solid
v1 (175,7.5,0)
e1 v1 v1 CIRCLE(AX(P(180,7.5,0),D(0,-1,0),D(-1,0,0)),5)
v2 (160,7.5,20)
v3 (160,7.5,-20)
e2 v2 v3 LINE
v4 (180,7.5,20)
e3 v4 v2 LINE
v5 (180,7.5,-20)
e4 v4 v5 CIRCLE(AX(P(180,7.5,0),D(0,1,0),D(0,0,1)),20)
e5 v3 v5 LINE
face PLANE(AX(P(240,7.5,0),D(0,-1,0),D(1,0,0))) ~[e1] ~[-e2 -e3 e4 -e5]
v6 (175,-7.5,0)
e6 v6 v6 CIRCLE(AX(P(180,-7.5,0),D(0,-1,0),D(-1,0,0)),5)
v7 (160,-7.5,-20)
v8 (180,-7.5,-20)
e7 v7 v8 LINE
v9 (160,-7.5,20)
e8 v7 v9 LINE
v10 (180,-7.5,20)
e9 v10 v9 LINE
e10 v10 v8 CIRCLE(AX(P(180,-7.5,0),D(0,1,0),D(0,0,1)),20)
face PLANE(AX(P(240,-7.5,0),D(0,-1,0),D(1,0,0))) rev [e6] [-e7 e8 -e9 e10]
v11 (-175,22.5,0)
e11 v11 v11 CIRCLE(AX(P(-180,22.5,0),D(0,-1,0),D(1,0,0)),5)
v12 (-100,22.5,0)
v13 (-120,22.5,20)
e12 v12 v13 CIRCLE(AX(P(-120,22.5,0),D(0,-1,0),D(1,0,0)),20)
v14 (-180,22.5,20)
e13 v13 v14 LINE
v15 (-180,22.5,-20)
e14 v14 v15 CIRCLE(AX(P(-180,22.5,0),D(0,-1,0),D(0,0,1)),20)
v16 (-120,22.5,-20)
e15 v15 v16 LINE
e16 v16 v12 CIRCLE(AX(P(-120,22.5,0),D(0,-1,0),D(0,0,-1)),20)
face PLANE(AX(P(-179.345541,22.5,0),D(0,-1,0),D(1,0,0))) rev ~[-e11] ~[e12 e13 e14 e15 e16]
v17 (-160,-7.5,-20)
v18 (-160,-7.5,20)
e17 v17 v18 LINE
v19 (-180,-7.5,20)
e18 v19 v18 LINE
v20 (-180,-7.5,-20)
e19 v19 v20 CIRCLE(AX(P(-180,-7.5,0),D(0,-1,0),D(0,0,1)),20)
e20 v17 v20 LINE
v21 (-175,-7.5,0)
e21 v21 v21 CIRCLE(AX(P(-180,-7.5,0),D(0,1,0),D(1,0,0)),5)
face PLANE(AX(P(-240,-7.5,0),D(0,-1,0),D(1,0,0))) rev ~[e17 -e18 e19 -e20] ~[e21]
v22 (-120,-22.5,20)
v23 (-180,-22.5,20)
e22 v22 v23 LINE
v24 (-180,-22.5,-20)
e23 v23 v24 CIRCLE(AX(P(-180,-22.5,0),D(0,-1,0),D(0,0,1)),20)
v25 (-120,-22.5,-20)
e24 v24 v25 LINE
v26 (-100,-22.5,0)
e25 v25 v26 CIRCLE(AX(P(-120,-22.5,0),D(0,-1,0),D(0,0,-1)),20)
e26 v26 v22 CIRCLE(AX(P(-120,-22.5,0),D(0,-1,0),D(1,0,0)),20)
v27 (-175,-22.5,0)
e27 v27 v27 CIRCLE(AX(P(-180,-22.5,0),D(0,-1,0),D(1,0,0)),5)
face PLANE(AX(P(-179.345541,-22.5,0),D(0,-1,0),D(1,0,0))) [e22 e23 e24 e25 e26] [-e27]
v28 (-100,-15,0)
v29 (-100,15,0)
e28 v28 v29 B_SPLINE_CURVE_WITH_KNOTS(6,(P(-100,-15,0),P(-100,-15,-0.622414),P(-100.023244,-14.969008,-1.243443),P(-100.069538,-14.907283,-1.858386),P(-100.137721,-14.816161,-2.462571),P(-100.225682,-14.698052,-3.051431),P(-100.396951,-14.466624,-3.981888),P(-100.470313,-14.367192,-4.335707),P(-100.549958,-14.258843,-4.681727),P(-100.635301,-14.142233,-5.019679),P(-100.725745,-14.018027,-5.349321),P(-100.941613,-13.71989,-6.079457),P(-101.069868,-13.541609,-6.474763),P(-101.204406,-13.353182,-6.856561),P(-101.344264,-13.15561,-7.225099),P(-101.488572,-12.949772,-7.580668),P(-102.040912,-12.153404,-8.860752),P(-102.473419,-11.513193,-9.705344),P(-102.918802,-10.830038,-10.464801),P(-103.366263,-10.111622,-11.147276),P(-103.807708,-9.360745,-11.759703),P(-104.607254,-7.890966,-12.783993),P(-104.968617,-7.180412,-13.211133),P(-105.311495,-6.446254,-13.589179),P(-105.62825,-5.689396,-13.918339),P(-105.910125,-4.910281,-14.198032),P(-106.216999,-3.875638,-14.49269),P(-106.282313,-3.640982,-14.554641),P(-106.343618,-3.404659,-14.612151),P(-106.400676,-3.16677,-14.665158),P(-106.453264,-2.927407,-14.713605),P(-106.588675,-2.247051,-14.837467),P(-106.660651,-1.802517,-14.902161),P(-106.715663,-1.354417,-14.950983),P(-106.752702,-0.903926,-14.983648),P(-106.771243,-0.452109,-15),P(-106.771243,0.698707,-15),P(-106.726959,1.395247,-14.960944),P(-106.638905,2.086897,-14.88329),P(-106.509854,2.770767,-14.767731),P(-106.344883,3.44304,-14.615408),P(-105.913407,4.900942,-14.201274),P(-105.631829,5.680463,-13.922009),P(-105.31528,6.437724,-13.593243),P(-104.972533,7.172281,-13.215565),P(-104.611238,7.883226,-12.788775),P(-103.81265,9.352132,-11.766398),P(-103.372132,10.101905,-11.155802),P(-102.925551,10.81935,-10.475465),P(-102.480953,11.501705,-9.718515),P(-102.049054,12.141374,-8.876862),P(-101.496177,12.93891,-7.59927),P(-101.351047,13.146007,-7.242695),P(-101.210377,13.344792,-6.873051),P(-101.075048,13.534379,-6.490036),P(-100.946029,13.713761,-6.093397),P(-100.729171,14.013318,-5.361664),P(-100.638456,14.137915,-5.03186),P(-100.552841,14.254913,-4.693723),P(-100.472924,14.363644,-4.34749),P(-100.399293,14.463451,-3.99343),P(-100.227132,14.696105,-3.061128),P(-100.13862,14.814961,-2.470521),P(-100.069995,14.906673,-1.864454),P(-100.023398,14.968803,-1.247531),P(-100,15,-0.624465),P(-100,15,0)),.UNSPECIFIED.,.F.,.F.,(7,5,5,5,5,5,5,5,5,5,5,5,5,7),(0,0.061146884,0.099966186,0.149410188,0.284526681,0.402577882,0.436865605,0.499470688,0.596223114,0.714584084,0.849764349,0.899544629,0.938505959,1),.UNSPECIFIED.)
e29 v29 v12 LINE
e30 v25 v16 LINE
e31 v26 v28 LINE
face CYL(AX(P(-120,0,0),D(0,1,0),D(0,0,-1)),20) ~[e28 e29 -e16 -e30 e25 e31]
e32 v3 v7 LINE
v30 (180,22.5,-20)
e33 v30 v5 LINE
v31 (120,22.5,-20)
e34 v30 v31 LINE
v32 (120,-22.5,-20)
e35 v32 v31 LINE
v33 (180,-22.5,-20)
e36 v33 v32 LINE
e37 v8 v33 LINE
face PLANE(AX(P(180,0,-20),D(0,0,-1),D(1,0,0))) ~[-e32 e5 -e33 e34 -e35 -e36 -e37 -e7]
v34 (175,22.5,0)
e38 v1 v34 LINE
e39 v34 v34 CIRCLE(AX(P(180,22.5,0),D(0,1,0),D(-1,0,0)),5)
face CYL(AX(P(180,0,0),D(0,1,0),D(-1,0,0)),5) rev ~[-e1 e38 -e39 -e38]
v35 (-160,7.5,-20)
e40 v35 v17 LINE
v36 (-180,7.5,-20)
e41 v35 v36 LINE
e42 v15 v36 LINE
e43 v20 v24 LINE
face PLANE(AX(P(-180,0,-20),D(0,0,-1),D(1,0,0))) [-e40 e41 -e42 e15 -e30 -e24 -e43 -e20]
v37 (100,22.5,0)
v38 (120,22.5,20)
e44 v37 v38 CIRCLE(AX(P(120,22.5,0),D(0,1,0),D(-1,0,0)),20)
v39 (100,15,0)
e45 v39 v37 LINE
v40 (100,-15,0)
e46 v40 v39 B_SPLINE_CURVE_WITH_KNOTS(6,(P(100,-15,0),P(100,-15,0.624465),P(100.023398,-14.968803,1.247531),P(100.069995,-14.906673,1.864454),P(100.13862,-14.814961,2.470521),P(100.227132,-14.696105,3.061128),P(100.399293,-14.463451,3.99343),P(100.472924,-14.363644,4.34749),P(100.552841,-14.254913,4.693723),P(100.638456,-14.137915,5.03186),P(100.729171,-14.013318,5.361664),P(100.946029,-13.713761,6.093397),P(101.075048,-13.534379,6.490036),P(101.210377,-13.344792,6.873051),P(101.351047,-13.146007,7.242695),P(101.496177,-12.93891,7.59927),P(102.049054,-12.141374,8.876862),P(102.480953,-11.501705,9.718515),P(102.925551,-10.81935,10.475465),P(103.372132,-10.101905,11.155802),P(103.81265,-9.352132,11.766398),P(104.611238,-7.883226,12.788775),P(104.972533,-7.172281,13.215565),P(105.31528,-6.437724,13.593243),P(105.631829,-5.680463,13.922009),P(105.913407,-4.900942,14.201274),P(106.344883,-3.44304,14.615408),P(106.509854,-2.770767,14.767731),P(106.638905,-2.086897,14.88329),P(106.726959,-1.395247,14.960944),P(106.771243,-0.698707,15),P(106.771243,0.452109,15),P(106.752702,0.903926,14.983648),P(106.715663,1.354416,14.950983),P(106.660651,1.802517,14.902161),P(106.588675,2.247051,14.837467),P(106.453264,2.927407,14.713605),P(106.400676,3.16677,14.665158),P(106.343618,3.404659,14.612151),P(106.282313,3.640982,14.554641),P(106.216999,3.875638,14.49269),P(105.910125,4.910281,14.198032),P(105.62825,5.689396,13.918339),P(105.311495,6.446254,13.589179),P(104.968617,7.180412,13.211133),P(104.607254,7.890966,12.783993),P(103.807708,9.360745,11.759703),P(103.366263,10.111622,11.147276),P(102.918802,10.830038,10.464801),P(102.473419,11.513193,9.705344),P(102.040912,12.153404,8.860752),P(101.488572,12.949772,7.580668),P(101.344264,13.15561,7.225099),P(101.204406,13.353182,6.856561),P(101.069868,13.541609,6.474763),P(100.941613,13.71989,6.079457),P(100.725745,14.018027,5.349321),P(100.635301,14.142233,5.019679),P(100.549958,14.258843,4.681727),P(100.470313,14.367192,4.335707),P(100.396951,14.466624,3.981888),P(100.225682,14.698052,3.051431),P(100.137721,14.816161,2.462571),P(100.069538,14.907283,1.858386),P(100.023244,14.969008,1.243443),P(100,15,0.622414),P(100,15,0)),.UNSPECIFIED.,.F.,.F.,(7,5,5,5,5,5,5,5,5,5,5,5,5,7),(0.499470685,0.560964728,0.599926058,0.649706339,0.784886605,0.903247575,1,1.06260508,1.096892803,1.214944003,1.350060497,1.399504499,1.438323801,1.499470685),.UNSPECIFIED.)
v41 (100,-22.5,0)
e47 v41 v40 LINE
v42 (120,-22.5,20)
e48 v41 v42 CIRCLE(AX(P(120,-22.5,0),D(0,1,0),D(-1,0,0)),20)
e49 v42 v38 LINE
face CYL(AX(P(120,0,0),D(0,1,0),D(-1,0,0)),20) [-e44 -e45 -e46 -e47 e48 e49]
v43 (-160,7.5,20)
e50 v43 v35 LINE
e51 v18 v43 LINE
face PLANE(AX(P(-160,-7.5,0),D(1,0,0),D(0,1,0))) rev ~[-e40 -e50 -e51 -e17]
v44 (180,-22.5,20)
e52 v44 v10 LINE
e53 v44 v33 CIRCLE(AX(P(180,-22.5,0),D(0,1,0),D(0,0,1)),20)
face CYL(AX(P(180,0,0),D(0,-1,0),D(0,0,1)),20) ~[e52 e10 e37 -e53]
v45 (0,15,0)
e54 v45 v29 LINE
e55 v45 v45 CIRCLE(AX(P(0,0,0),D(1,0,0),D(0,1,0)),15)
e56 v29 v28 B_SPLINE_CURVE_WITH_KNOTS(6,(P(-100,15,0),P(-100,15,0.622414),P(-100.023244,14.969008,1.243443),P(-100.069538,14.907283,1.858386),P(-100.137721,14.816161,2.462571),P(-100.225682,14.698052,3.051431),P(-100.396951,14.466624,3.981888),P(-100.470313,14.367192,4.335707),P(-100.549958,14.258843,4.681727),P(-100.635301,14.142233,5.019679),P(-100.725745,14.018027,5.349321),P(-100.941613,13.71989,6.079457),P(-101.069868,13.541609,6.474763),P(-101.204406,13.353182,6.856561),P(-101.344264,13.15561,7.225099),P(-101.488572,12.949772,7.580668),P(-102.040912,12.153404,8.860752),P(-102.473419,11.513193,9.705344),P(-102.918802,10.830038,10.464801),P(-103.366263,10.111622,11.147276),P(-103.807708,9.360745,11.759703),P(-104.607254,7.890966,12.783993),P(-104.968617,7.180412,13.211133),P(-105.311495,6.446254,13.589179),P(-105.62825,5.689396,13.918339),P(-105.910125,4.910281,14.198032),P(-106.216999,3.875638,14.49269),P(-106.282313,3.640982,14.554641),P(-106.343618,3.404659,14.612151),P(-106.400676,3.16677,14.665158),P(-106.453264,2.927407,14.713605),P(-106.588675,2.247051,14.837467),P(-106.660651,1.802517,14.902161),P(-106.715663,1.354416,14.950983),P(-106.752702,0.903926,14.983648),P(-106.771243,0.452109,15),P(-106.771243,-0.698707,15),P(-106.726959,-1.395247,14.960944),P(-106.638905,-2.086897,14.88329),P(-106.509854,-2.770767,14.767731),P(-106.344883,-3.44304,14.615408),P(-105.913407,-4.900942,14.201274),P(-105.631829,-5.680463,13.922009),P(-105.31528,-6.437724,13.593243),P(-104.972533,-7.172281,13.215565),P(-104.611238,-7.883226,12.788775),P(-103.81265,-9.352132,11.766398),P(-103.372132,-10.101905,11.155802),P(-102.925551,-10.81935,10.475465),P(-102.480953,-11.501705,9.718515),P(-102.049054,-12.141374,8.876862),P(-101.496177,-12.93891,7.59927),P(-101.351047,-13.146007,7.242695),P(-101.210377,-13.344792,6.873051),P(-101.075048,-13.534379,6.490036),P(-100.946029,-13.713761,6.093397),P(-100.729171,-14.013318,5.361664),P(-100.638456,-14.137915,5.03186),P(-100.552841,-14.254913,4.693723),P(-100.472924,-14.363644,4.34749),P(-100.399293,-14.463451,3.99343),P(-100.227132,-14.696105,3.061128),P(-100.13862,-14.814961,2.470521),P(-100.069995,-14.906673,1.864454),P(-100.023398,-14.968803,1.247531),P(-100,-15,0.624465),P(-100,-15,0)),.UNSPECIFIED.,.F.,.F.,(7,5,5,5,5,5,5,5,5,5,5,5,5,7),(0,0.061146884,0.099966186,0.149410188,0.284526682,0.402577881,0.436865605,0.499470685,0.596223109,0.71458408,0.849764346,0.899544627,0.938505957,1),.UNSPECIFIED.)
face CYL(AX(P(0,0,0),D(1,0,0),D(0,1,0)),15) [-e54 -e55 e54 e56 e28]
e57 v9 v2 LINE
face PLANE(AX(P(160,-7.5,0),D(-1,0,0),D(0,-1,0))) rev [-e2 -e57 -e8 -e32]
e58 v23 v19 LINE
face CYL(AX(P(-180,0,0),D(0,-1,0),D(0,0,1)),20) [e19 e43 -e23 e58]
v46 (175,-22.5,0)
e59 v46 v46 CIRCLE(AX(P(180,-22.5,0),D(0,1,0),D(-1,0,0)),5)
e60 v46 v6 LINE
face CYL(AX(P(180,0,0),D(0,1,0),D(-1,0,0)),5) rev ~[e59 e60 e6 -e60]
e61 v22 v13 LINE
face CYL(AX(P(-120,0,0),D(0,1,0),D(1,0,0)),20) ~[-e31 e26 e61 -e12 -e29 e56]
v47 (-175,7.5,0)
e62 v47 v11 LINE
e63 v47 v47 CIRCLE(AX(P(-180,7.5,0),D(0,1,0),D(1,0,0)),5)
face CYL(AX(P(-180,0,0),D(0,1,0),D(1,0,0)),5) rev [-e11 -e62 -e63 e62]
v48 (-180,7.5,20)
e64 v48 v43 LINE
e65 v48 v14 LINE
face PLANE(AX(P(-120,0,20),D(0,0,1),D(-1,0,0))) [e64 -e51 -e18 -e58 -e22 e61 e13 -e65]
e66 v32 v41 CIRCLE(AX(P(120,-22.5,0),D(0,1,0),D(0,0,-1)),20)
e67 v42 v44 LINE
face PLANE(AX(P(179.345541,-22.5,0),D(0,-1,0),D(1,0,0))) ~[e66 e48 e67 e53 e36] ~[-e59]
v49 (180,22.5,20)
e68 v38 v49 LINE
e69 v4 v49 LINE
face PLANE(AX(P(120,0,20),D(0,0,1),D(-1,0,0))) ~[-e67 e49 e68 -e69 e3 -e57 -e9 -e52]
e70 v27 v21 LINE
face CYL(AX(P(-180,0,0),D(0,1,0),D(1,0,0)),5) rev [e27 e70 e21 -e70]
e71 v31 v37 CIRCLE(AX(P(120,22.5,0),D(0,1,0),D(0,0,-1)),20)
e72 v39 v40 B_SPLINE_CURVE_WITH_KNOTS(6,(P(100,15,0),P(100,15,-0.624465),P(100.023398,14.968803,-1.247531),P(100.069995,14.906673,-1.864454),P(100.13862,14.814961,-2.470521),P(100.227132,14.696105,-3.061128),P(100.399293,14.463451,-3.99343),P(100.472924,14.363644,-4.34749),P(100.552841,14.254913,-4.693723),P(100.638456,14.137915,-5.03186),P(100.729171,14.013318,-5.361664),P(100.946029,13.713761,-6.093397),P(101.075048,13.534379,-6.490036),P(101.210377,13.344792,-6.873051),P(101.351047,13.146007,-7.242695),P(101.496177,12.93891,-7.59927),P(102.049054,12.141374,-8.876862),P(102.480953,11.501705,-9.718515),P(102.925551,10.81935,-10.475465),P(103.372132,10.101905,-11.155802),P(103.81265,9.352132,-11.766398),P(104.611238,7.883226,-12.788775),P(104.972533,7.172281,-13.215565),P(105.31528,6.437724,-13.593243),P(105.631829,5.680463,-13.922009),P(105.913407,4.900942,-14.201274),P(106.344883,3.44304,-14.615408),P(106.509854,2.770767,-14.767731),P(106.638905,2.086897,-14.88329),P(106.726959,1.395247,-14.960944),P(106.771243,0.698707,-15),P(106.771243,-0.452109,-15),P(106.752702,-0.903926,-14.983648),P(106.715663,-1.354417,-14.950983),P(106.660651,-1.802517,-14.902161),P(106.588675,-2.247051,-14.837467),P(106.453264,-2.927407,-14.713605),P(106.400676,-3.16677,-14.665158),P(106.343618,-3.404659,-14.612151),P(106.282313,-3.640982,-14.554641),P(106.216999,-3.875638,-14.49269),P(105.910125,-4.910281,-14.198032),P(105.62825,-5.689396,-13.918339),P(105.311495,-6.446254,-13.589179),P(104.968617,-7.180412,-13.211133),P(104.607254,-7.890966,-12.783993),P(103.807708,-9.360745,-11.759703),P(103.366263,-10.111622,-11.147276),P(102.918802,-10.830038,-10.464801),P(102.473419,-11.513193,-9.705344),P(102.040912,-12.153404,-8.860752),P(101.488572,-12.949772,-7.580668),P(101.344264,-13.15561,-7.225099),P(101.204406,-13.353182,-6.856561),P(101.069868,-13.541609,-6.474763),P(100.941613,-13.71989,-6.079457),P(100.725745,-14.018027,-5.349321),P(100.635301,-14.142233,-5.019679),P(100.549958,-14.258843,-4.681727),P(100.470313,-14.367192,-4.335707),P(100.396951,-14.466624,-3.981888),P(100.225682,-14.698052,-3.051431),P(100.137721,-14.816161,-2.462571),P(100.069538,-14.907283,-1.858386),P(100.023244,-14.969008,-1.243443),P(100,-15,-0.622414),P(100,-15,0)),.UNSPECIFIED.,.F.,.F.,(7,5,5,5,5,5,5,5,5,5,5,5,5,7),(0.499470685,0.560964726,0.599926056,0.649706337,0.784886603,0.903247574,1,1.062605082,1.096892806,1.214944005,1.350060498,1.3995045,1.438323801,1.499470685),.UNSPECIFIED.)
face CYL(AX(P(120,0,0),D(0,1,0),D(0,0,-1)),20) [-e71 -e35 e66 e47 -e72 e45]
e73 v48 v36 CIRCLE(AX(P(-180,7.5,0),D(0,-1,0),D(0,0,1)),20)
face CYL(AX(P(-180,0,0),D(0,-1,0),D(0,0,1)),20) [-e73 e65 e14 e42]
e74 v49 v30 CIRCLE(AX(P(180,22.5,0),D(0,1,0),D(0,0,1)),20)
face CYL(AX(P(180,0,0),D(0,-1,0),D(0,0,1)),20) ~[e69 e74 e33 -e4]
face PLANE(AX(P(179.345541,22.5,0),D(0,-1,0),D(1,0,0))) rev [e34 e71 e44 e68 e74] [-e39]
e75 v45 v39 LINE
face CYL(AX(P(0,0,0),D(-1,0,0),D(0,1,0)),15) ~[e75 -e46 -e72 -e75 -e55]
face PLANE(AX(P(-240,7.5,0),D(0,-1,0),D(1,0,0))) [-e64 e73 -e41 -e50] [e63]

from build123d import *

# Parameters (mm, degrees)
F0_R          = 5
F1_DEPTH      = 22.5
F2_W          = 80
F2_H          = 15
F3_DEPTH      = 36.7
F5_R          = 15
F6_DEPTH      = 106.7712435447
F6_DEPTH_BACK = 106.7712435447


with BuildPart() as f1:
    # F0 (on Front) → F1 (new body, symmetric)
    with BuildSketch(Plane.XZ):
        with BuildLine():
            ThreePointArc((-180, -20), (-165.8578643763, -14.1421356237), (-160, 0))
            ThreePointArc((-160, 0), (-165.8578643763, 14.1421356237), (-180, 20))
            ThreePointArc((-180, 20), (-200, 0), (-180, -20))
        make_face()
        with Locations((-180, 0)):
            Circle(F0_R, mode=Mode.SUBTRACT)
        with BuildLine():
            ThreePointArc((-180, 20), (-165.8578643763, 14.1421356237), (-160, 0))
            ThreePointArc((-160, 0), (-165.8578643763, -14.1421356237), (-180, -20))
            Line((-180, -20), (-120, -20))
            ThreePointArc((-120, -20), (-140, 0), (-120, 20))
            Line((-120, 20), (-180, 20))
        make_face()
        with BuildLine():
            ThreePointArc((-100, 0), (-105.8578643763, 14.1421356237), (-120, 20))
            ThreePointArc((-120, 20), (-140, 0), (-120, -20))
            ThreePointArc((-120, -20), (-105.8578643763, -14.1421356237), (-100, 0))
        make_face()
    extrude(amount=F1_DEPTH, both=True)

    # F2 (on Top) → F3 (cut, symmetric)
    with BuildSketch(Plane.XY):
        with Locations((-200, 0)):
            Rectangle(F2_W, F2_H)
    extrude(amount=F3_DEPTH, both=True, mode=Mode.SUBTRACT)


with BuildPart() as f4_1:
    # F4: instance of F1
    add(f1.part.mirror(Plane.YZ))


with BuildPart() as f1_1:
    add(f1.part)

    add(f4_1.part)  # F6 merges F4_1
    # F5 (on Right) → F6 (join, two sides)
    with BuildSketch(Plane.YZ) as f6_sk:
        Circle(F5_R)
    extrude(amount=F6_DEPTH)
    extrude(f6_sk.sketch, amount=-F6_DEPTH_BACK)


solid = f1_1.part
